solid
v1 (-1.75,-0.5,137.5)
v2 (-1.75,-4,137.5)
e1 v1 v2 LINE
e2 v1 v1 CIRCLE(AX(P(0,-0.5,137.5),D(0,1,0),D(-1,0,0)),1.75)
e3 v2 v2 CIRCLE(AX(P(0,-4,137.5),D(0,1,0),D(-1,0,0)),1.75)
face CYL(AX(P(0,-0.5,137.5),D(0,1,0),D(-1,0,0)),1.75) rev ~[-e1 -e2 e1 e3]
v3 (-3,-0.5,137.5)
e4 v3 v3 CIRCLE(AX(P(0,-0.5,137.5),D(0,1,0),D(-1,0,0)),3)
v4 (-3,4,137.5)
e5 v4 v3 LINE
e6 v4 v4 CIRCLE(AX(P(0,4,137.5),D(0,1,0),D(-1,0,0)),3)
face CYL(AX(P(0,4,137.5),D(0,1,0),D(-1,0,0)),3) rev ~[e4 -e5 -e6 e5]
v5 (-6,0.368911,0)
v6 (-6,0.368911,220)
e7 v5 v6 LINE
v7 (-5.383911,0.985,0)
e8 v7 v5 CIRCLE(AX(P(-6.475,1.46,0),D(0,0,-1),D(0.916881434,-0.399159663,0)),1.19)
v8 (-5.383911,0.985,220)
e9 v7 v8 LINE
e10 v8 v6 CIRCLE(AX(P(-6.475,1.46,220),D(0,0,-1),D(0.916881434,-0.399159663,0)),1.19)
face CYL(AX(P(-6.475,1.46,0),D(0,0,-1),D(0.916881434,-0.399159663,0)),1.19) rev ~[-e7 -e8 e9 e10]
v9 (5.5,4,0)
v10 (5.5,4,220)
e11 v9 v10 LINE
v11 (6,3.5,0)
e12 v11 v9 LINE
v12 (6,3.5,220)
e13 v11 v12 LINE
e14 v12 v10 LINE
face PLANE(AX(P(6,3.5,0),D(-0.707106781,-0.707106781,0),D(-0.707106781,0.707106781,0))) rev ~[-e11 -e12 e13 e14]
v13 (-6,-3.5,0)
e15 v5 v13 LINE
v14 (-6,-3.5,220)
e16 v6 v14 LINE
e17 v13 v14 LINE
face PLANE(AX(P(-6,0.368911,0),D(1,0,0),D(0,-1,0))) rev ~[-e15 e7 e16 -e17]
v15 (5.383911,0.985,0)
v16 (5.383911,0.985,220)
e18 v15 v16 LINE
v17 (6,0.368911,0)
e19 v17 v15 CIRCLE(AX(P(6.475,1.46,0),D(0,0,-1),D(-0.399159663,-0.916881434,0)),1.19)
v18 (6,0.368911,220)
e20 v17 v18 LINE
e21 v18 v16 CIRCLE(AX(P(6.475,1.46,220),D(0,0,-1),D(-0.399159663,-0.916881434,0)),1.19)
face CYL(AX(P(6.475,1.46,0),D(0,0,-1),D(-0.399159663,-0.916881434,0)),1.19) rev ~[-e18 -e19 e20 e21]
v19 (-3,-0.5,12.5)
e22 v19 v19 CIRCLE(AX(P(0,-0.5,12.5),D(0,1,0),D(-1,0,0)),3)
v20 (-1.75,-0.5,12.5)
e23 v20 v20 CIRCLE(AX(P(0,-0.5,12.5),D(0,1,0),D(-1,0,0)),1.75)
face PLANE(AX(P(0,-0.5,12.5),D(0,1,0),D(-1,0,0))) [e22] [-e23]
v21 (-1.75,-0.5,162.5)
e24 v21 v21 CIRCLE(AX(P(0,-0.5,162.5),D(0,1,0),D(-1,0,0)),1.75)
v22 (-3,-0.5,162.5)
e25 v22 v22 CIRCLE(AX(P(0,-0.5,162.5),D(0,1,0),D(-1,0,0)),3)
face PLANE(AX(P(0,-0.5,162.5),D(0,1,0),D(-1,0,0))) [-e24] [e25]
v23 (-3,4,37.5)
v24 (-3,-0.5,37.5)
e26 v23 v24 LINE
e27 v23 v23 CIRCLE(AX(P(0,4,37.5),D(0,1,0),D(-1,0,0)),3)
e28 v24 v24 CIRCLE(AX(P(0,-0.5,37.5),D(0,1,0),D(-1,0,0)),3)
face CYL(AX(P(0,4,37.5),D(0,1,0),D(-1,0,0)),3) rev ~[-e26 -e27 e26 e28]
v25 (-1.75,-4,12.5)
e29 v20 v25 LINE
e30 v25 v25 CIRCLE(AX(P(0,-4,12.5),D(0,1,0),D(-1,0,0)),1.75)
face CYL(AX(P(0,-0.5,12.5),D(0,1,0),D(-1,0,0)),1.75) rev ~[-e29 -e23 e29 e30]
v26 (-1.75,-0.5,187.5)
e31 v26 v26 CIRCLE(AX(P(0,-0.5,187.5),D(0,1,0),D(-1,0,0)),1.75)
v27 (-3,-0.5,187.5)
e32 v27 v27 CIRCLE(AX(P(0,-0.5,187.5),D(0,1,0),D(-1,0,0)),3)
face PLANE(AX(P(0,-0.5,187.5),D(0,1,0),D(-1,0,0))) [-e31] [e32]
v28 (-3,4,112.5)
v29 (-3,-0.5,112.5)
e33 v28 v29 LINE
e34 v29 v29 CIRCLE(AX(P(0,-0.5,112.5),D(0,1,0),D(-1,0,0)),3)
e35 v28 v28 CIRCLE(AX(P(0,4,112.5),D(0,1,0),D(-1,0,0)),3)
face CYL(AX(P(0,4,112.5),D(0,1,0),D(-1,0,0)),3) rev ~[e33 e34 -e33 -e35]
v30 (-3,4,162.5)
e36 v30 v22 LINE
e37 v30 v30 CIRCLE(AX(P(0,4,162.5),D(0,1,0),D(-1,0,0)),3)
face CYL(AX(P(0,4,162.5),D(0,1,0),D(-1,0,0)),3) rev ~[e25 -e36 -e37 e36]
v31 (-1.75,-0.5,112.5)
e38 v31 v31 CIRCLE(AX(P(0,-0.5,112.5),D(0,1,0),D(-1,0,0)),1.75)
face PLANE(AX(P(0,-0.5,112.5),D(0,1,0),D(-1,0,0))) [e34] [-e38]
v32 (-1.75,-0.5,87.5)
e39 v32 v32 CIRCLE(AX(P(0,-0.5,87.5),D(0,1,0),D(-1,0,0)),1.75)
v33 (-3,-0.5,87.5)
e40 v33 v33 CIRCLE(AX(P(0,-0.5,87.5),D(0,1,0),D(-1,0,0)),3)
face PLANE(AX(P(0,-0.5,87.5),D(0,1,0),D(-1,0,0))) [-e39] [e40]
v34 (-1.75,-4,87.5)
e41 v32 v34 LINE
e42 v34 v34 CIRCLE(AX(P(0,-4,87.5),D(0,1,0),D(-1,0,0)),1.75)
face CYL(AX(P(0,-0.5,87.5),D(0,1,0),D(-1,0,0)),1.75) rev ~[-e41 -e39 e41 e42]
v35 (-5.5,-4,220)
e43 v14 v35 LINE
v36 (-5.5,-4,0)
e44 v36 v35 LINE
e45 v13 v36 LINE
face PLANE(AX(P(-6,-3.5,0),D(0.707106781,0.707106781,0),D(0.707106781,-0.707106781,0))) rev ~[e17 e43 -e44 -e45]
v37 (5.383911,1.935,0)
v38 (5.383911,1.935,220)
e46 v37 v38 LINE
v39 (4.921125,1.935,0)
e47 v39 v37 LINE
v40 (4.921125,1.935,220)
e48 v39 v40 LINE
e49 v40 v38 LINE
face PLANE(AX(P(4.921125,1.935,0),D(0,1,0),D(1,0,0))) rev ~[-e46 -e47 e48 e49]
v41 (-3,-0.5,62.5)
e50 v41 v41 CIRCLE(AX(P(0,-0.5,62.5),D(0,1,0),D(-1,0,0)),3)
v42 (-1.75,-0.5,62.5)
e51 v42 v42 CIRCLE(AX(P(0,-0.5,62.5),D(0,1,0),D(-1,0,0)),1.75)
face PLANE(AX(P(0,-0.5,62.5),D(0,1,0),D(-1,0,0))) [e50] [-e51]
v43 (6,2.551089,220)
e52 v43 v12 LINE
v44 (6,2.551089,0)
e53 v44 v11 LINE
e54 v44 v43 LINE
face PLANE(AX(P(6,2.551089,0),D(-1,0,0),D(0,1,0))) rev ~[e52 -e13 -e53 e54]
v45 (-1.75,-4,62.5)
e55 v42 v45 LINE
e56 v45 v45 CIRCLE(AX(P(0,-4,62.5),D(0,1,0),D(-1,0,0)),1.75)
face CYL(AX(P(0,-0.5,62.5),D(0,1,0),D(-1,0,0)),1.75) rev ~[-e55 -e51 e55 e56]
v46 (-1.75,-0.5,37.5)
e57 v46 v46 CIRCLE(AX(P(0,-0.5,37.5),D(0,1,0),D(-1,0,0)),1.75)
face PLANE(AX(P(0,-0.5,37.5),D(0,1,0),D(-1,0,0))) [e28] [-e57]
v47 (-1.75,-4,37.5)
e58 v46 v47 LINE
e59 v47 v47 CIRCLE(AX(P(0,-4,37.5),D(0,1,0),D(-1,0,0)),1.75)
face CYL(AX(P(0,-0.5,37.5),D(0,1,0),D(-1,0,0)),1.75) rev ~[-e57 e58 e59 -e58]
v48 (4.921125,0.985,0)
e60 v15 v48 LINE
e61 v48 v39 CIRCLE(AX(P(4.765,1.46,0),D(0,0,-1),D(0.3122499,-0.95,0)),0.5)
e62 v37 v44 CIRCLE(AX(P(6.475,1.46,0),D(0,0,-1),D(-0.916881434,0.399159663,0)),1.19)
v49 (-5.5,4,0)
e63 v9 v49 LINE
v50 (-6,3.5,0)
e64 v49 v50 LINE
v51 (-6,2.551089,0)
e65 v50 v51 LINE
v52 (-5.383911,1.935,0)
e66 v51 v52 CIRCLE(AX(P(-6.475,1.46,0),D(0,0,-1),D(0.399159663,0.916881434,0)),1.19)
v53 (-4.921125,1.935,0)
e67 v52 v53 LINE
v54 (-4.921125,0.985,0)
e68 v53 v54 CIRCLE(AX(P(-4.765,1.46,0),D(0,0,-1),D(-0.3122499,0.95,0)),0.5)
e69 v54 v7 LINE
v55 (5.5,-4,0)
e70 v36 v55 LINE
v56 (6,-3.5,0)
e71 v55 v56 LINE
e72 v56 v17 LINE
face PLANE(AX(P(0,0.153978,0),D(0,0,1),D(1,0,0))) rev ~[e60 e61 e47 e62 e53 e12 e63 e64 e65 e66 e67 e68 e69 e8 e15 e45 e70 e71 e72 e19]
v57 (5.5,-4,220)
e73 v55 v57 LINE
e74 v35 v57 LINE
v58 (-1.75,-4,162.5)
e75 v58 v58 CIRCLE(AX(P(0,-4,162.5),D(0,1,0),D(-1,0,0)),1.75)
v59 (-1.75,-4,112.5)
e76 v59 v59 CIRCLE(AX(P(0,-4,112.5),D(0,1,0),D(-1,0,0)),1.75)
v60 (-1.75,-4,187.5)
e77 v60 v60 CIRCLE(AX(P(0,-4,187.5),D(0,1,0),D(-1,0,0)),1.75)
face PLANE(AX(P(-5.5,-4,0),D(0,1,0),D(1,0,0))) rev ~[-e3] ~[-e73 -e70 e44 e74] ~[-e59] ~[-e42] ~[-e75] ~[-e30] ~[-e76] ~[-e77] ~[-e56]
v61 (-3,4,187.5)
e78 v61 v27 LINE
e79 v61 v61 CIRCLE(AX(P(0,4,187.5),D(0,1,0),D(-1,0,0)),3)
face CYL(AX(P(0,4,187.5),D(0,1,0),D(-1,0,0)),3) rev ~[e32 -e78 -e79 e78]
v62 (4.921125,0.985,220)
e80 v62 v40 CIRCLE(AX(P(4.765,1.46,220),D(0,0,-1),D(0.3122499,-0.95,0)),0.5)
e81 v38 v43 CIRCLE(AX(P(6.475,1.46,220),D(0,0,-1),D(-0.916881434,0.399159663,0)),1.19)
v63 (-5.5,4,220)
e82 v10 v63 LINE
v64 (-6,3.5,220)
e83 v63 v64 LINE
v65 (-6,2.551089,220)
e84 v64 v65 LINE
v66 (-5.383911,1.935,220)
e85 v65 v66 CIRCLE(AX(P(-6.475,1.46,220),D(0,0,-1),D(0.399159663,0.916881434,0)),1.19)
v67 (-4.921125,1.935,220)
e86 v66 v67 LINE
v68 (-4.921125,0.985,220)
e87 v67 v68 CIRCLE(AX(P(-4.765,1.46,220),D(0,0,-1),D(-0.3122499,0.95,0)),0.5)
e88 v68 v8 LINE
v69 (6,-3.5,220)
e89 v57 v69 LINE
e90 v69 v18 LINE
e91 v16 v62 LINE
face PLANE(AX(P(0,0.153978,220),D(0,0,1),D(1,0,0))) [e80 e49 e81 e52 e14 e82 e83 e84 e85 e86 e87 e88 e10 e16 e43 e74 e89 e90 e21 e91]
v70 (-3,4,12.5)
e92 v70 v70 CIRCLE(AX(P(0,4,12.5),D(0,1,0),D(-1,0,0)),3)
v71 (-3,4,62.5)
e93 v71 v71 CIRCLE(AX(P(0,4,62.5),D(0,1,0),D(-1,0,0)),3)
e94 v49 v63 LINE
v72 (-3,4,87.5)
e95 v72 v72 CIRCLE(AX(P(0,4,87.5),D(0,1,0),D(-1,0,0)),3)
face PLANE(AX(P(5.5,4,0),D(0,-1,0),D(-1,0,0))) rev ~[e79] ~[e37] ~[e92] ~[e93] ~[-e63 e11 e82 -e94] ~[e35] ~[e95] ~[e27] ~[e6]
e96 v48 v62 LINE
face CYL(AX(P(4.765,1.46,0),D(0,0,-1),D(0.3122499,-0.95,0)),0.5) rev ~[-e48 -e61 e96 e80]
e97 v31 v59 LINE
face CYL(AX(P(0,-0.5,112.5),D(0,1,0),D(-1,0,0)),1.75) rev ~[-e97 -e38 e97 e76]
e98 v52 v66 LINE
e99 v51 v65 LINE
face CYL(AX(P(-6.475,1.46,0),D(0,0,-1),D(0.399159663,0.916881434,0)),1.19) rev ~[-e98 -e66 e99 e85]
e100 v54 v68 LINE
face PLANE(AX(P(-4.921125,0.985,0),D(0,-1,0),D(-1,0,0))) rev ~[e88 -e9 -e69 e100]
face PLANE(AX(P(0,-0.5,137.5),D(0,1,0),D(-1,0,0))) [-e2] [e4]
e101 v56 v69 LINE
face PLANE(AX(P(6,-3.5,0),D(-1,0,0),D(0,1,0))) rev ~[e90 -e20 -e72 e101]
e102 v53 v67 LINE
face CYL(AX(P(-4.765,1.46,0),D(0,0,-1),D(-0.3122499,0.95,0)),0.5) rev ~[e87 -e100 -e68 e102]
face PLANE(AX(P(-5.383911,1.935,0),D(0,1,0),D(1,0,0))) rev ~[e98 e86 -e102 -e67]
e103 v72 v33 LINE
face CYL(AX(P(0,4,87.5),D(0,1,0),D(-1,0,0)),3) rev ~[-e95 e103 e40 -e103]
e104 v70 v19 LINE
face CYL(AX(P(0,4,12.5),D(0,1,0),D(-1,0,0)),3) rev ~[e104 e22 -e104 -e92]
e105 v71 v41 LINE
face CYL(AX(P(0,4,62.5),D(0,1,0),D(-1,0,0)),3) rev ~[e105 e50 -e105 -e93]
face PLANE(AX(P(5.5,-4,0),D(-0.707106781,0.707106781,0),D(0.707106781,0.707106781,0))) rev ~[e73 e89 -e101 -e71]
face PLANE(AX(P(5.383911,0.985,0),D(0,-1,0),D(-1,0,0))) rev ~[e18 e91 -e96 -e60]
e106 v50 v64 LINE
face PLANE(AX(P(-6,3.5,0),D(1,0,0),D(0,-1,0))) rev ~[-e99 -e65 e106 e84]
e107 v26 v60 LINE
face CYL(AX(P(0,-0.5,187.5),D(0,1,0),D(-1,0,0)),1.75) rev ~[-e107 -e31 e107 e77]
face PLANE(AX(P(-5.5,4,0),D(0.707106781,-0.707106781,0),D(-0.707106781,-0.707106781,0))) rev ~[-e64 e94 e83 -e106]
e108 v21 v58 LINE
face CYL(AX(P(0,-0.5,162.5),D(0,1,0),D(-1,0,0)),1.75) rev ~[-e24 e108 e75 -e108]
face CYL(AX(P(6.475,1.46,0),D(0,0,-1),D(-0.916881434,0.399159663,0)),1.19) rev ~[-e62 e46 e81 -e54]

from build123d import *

# Parameters (mm, degrees)
BOSS_EXTRUDE1_DEPTH = 220
SKETCH2_R           = 3
CUT_EXTRUDE1_DEPTH  = 4.5
SKETCH3_R           = 1.75
CUT_EXTRUDE2_DEPTH  = 221.127803787
LPATTERN1_COUNT     = 8
LPATTERN1_PITCH     = 25


with BuildPart() as part:
    # Sketch1 → Boss-Extrude1 (new body)
    with BuildSketch(Plane.XY):
        with BuildLine():
            Line((6, -3.5), (6, 0.368911094))
            ThreePointArc((6, 0.368911094), (5.63354293, 0.61854293), (5.383911094, 0.985))
            Line((5.383911094, 0.985), (4.92112495, 0.985))
            ThreePointArc((4.92112495, 0.985), (4.265, 1.46), (4.92112495, 1.935))
            Line((4.92112495, 1.935), (5.383911094, 1.935))
            ThreePointArc((5.383911094, 1.935), (5.63354293, 2.30145707), (6, 2.551088906))
            Line((6, 2.551088906), (6, 3.5))
            Line((6, 3.5), (5.5, 4))
            Line((5.5, 4), (-5.5, 4))
            Line((-5.5, 4), (-6, 3.5))
            Line((-6, 3.5), (-6, 2.551088906))
            ThreePointArc((-6, 2.551088906), (-5.63354293, 2.30145707), (-5.383911094, 1.935))
            Line((-5.383911094, 1.935), (-4.92112495, 1.935))
            ThreePointArc((-4.92112495, 1.935), (-4.265, 1.46), (-4.92112495, 0.985))
            Line((-4.92112495, 0.985), (-5.383911094, 0.985))
            ThreePointArc((-5.383911094, 0.985), (-5.63354293, 0.61854293), (-6, 0.368911094))
            Line((-6, 0.368911094), (-6, -3.5))
            Line((-6, -3.5), (-5.5, -4))
            Line((-5.5, -4), (5.5, -4))
            Line((5.5, -4), (6, -3.5))
        make_face()
    extrude(amount=BOSS_EXTRUDE1_DEPTH)

    # Sketch2 → Cut-Extrude1 (cut)
    with BuildSketch(Plane(origin=(0, 4, 0), x_dir=(1, 0, 0), z_dir=(0, 1, 0))):
        with Locations(Location((0, -12.5, 0), (0, 0, 180))):
            Circle(SKETCH2_R)
    cut_extrude1 = extrude(amount=-CUT_EXTRUDE1_DEPTH, mode=Mode.SUBTRACT)

    # Sketch3 → Cut-Extrude2 (cut, through all)
    with BuildSketch(Plane(origin=(0, -0.5, 0), x_dir=(1, 0, 0), z_dir=(0, 1, 0))):
        with Locations(Location((0, -12.5, 0), (0, 0, 180))):
            Circle(SKETCH3_R)
    cut_extrude2 = extrude(amount=-CUT_EXTRUDE2_DEPTH, mode=Mode.SUBTRACT)

    # LPattern1: Cut-Extrude1, Cut-Extrude2 ×8
    with Locations(*[(0, 0, i * LPATTERN1_PITCH) for i in range(1, LPATTERN1_COUNT)]):
        add(cut_extrude1, mode=Mode.SUBTRACT)
        add(cut_extrude2, mode=Mode.SUBTRACT)


solid = part.part
